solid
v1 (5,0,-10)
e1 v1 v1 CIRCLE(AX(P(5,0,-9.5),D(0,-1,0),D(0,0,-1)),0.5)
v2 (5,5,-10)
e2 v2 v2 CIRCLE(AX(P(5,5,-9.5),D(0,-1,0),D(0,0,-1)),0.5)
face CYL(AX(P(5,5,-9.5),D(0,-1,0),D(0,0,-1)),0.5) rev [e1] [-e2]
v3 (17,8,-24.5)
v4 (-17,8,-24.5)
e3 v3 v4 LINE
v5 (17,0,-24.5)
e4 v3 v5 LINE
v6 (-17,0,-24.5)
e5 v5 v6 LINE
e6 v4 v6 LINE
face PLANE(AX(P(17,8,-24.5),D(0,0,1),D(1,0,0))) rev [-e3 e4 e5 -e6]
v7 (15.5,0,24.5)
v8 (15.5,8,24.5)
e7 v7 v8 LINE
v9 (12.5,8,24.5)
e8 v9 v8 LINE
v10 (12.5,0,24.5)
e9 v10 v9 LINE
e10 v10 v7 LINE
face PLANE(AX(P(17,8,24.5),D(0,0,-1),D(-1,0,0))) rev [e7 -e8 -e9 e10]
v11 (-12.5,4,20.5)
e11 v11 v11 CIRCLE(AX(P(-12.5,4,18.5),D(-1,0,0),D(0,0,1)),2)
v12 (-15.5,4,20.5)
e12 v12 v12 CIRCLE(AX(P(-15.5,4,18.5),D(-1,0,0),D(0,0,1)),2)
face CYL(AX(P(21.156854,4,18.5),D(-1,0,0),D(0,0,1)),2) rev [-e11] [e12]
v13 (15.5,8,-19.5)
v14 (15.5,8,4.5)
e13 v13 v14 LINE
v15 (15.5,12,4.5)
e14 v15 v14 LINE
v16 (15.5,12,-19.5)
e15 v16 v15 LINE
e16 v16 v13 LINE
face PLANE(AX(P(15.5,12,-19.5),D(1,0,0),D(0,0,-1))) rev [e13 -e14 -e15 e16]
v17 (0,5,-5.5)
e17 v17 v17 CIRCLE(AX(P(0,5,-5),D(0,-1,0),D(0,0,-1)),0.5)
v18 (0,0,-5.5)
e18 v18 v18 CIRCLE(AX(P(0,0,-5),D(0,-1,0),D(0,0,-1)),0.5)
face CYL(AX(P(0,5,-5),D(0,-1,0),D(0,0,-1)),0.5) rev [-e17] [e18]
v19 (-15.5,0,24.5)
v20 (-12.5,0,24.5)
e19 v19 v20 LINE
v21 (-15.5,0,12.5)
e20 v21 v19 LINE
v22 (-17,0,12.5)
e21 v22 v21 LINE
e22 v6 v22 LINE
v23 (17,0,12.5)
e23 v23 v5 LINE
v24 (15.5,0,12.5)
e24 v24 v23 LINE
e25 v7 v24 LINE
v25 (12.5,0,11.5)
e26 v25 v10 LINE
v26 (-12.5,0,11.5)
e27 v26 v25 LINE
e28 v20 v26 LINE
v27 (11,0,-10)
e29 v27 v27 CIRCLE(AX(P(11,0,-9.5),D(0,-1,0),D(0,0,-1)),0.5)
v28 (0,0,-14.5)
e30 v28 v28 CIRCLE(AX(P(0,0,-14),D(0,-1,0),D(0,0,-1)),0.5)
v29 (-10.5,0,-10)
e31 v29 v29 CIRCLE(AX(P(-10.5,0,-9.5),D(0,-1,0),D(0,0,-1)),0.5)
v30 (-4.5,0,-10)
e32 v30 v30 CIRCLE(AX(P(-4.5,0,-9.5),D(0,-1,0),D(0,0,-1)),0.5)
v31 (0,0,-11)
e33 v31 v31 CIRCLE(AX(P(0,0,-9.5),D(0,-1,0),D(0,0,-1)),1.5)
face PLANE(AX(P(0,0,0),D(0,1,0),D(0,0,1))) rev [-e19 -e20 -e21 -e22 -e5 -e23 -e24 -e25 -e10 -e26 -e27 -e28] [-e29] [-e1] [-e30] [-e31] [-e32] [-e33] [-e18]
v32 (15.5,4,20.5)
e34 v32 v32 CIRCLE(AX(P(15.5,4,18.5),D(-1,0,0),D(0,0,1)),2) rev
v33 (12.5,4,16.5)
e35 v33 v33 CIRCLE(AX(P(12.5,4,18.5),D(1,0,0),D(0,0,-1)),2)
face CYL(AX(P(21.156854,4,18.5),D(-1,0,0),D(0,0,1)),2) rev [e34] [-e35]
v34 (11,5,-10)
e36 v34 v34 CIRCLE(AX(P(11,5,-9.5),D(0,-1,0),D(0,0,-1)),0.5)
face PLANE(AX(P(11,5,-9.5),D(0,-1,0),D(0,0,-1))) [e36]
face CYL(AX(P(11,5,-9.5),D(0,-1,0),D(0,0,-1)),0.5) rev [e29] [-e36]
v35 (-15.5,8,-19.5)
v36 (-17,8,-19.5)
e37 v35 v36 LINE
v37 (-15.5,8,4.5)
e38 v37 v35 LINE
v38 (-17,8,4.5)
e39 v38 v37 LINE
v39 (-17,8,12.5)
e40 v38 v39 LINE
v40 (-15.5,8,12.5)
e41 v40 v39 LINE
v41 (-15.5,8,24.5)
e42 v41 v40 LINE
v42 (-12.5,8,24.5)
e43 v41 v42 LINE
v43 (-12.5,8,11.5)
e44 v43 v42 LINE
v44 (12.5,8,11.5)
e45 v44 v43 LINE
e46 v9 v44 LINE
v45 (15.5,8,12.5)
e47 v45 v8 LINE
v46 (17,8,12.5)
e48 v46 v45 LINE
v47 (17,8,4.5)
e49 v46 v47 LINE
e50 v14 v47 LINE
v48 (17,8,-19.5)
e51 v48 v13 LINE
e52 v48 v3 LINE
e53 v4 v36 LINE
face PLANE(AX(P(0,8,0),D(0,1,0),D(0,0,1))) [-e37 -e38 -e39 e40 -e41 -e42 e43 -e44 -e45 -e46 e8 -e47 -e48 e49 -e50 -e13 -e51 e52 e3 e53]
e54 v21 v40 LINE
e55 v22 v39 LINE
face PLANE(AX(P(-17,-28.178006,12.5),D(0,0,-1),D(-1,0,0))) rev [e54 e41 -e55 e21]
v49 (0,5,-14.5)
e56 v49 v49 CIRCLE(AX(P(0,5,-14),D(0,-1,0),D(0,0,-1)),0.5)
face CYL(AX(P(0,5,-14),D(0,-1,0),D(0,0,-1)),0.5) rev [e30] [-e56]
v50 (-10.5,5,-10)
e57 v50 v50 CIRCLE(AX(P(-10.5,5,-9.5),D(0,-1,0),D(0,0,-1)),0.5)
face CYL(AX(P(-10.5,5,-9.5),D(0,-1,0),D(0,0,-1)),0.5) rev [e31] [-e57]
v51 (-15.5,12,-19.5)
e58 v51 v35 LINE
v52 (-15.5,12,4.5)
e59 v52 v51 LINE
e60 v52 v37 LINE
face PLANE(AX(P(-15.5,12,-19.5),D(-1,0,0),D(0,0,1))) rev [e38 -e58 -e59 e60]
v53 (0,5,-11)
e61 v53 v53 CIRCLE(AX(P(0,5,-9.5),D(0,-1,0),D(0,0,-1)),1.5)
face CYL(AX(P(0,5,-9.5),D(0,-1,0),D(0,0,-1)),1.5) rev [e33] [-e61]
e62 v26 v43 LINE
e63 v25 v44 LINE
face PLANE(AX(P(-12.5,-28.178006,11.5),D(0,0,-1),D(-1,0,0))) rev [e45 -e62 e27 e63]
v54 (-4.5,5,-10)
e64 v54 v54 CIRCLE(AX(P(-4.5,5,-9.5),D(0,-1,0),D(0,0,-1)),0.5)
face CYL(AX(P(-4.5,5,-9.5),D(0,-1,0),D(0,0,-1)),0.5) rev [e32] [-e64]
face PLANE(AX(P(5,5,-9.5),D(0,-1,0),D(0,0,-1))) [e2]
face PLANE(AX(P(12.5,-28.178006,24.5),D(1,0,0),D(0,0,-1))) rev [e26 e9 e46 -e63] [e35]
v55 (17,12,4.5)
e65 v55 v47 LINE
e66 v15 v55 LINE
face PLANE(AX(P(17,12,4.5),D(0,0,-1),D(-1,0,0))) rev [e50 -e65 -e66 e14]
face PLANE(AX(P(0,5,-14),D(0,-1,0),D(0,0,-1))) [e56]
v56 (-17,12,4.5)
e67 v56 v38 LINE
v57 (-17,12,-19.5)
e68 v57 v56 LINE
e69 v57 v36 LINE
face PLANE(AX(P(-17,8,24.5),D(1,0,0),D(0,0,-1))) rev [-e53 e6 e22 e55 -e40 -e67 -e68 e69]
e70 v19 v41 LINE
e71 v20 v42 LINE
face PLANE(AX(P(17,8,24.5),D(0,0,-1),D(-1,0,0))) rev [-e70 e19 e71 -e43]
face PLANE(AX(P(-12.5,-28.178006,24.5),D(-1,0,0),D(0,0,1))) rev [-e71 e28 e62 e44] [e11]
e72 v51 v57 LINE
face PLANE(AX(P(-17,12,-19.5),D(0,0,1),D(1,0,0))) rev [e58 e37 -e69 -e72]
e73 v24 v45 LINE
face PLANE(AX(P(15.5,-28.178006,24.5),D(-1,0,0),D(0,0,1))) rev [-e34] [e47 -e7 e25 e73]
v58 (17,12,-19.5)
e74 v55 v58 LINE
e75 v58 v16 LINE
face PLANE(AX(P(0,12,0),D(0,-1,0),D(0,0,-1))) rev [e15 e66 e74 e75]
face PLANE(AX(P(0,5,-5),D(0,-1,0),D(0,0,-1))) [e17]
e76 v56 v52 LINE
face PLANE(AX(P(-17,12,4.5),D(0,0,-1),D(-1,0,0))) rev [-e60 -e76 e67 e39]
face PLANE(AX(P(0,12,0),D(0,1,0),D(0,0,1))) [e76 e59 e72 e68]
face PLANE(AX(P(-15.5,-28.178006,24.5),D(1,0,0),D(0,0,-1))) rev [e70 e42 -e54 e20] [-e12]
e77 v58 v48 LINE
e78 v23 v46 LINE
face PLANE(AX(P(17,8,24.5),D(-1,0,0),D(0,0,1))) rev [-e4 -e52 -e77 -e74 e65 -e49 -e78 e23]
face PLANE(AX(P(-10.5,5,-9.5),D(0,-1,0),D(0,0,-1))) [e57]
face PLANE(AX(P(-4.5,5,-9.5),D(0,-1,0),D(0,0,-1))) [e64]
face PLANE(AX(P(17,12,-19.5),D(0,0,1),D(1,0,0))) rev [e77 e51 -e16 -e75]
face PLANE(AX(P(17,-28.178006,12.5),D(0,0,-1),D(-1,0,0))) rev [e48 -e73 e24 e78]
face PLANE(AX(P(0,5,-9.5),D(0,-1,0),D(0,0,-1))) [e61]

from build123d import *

# Parameters (mm, degrees)
SKETCH_1_W          = 34
SKETCH_1_H          = 49
EXTRUDE_1_DEPTH     = 8
SKETCH_2_W          = 1.5
SKETCH_2_H          = 24
EXTRUDE_2_DEPTH     = 4
SKETCH_3_W          = 1.5
SKETCH_3_H          = 12
SKETCH_3_W_2        = 25
SKETCH_3_H_2        = 13
CUT_EXTRUDE_1_DEPTH = 8
CUT_EXTRUDE_2_REACH = 44.432
SKETCH_4_R          = 2
EXTRUDE_3_DEPTH     = 8
SKETCH_6_R          = 1.5
SKETCH_6_R_2        = 0.5
CUT_EXTRUDE_3_DEPTH = 5
CUT_EXTRUDE_4_DEPTH = 8


with BuildPart() as part:
    # 草图1 → 凸台-拉伸1 (new body)
    with BuildSketch(Plane(origin=(0, 0, 0), x_dir=(1, 0, 0), z_dir=(0, 1, 0))):
        Rectangle(SKETCH_1_W, SKETCH_1_H)
    extrude(amount=EXTRUDE_1_DEPTH)

    # 草图2 → 凸台-拉伸2 (add)
    with BuildSketch(Plane(origin=(0, 8, 0), x_dir=(1, 0, 0), z_dir=(0, 1, 0))):
        with Locations((-16.25, 7.5)):
            Rectangle(SKETCH_2_W, SKETCH_2_H)
        with Locations((16.25, 7.5)):
            Rectangle(SKETCH_2_W, SKETCH_2_H)
    extrude(amount=EXTRUDE_2_DEPTH)

    # 草图3 → 切除-拉伸1 (cut)
    with BuildSketch(Plane(origin=(0, 8, 0), x_dir=(1, 0, 0), z_dir=(0, 1, 0))):
        with Locations((-16.25, -18.5)):
            Rectangle(SKETCH_3_W, SKETCH_3_H)
        with Locations((16.25, -18.5)):
            Rectangle(SKETCH_3_W, SKETCH_3_H)
        with Locations((0, -18)):
            Rectangle(SKETCH_3_W_2, SKETCH_3_H_2)
    extrude(amount=-CUT_EXTRUDE_1_DEPTH, mode=Mode.SUBTRACT)

    # 切除-拉伸2: up to this face of the body (flat: up to its plane)
    cut_extrude_2_end = Plane(part.part.faces().sort_by_distance((15.5, 4, 18.5))[0])
    # 草图4 → 切除-拉伸2 (cut, up to the picked face)
    with BuildSketch(Plane.ZY.offset(15.5), mode=Mode.PRIVATE) as cut_extrude_2_sk1:
        with Locations((18.5, 4)):
            Circle(SKETCH_4_R)
    cut_extrude_2_tool1 = split(extrude(cut_extrude_2_sk1.sketch, amount=-CUT_EXTRUDE_2_REACH, mode=Mode.PRIVATE), bisect_by=cut_extrude_2_end, keep=Keep.BOTH, mode=Mode.PRIVATE)
    add(cut_extrude_2_tool1.solids().sort_by(Axis((-15.5, 4, 18.5), (1, 0, 0)))[0], mode=Mode.SUBTRACT)

    # 草图5 → 凸台-拉伸3 (add)
    with BuildSketch(Plane.XZ):
        Polygon((4, 11.5), (-4, 11.5), (-4, 41.5), (-13, 41.5), (-13, 56.5), (13, 56.5), (13, 41.5), (4, 41.5), align=None)
    extrude(amount=-EXTRUDE_3_DEPTH)

    # 草图6 → 切除-拉伸3 (cut)
    with BuildSketch(Plane.XZ):
        with Locations(Location((0, -9.5, 0), (0, 0, 270))):
            Circle(SKETCH_6_R)
        with Locations(Location((5, -9.5, 0), (0, 0, 270))):
            Circle(SKETCH_6_R_2)
        with Locations(Location((11, -9.5, 0), (0, 0, 270))):
            Circle(SKETCH_6_R_2)
        with Locations(Location((-4.5, -9.5, 0), (0, 0, 270))):
            Circle(SKETCH_6_R_2)
        with Locations(Location((-10.5, -9.5, 0), (0, 0, 270))):
            Circle(SKETCH_6_R_2)
        with Locations(Location((0, -14, 0), (0, 0, 270))):
            Circle(SKETCH_6_R_2)
        with Locations(Location((0, -5, 0), (0, 0, 270))):
            Circle(SKETCH_6_R_2)
    extrude(amount=-CUT_EXTRUDE_3_DEPTH, mode=Mode.SUBTRACT)

    # 草图5<2> → 切除-拉伸4 (cut)
    with BuildSketch(Plane.XZ):
        Polygon((4, 11.5), (-4, 11.5), (-4, 41.5), (-13, 41.5), (-13, 56.5), (13, 56.5), (13, 41.5), (4, 41.5), align=None)
    extrude(amount=-CUT_EXTRUDE_4_DEPTH, mode=Mode.SUBTRACT)


solid = part.part
